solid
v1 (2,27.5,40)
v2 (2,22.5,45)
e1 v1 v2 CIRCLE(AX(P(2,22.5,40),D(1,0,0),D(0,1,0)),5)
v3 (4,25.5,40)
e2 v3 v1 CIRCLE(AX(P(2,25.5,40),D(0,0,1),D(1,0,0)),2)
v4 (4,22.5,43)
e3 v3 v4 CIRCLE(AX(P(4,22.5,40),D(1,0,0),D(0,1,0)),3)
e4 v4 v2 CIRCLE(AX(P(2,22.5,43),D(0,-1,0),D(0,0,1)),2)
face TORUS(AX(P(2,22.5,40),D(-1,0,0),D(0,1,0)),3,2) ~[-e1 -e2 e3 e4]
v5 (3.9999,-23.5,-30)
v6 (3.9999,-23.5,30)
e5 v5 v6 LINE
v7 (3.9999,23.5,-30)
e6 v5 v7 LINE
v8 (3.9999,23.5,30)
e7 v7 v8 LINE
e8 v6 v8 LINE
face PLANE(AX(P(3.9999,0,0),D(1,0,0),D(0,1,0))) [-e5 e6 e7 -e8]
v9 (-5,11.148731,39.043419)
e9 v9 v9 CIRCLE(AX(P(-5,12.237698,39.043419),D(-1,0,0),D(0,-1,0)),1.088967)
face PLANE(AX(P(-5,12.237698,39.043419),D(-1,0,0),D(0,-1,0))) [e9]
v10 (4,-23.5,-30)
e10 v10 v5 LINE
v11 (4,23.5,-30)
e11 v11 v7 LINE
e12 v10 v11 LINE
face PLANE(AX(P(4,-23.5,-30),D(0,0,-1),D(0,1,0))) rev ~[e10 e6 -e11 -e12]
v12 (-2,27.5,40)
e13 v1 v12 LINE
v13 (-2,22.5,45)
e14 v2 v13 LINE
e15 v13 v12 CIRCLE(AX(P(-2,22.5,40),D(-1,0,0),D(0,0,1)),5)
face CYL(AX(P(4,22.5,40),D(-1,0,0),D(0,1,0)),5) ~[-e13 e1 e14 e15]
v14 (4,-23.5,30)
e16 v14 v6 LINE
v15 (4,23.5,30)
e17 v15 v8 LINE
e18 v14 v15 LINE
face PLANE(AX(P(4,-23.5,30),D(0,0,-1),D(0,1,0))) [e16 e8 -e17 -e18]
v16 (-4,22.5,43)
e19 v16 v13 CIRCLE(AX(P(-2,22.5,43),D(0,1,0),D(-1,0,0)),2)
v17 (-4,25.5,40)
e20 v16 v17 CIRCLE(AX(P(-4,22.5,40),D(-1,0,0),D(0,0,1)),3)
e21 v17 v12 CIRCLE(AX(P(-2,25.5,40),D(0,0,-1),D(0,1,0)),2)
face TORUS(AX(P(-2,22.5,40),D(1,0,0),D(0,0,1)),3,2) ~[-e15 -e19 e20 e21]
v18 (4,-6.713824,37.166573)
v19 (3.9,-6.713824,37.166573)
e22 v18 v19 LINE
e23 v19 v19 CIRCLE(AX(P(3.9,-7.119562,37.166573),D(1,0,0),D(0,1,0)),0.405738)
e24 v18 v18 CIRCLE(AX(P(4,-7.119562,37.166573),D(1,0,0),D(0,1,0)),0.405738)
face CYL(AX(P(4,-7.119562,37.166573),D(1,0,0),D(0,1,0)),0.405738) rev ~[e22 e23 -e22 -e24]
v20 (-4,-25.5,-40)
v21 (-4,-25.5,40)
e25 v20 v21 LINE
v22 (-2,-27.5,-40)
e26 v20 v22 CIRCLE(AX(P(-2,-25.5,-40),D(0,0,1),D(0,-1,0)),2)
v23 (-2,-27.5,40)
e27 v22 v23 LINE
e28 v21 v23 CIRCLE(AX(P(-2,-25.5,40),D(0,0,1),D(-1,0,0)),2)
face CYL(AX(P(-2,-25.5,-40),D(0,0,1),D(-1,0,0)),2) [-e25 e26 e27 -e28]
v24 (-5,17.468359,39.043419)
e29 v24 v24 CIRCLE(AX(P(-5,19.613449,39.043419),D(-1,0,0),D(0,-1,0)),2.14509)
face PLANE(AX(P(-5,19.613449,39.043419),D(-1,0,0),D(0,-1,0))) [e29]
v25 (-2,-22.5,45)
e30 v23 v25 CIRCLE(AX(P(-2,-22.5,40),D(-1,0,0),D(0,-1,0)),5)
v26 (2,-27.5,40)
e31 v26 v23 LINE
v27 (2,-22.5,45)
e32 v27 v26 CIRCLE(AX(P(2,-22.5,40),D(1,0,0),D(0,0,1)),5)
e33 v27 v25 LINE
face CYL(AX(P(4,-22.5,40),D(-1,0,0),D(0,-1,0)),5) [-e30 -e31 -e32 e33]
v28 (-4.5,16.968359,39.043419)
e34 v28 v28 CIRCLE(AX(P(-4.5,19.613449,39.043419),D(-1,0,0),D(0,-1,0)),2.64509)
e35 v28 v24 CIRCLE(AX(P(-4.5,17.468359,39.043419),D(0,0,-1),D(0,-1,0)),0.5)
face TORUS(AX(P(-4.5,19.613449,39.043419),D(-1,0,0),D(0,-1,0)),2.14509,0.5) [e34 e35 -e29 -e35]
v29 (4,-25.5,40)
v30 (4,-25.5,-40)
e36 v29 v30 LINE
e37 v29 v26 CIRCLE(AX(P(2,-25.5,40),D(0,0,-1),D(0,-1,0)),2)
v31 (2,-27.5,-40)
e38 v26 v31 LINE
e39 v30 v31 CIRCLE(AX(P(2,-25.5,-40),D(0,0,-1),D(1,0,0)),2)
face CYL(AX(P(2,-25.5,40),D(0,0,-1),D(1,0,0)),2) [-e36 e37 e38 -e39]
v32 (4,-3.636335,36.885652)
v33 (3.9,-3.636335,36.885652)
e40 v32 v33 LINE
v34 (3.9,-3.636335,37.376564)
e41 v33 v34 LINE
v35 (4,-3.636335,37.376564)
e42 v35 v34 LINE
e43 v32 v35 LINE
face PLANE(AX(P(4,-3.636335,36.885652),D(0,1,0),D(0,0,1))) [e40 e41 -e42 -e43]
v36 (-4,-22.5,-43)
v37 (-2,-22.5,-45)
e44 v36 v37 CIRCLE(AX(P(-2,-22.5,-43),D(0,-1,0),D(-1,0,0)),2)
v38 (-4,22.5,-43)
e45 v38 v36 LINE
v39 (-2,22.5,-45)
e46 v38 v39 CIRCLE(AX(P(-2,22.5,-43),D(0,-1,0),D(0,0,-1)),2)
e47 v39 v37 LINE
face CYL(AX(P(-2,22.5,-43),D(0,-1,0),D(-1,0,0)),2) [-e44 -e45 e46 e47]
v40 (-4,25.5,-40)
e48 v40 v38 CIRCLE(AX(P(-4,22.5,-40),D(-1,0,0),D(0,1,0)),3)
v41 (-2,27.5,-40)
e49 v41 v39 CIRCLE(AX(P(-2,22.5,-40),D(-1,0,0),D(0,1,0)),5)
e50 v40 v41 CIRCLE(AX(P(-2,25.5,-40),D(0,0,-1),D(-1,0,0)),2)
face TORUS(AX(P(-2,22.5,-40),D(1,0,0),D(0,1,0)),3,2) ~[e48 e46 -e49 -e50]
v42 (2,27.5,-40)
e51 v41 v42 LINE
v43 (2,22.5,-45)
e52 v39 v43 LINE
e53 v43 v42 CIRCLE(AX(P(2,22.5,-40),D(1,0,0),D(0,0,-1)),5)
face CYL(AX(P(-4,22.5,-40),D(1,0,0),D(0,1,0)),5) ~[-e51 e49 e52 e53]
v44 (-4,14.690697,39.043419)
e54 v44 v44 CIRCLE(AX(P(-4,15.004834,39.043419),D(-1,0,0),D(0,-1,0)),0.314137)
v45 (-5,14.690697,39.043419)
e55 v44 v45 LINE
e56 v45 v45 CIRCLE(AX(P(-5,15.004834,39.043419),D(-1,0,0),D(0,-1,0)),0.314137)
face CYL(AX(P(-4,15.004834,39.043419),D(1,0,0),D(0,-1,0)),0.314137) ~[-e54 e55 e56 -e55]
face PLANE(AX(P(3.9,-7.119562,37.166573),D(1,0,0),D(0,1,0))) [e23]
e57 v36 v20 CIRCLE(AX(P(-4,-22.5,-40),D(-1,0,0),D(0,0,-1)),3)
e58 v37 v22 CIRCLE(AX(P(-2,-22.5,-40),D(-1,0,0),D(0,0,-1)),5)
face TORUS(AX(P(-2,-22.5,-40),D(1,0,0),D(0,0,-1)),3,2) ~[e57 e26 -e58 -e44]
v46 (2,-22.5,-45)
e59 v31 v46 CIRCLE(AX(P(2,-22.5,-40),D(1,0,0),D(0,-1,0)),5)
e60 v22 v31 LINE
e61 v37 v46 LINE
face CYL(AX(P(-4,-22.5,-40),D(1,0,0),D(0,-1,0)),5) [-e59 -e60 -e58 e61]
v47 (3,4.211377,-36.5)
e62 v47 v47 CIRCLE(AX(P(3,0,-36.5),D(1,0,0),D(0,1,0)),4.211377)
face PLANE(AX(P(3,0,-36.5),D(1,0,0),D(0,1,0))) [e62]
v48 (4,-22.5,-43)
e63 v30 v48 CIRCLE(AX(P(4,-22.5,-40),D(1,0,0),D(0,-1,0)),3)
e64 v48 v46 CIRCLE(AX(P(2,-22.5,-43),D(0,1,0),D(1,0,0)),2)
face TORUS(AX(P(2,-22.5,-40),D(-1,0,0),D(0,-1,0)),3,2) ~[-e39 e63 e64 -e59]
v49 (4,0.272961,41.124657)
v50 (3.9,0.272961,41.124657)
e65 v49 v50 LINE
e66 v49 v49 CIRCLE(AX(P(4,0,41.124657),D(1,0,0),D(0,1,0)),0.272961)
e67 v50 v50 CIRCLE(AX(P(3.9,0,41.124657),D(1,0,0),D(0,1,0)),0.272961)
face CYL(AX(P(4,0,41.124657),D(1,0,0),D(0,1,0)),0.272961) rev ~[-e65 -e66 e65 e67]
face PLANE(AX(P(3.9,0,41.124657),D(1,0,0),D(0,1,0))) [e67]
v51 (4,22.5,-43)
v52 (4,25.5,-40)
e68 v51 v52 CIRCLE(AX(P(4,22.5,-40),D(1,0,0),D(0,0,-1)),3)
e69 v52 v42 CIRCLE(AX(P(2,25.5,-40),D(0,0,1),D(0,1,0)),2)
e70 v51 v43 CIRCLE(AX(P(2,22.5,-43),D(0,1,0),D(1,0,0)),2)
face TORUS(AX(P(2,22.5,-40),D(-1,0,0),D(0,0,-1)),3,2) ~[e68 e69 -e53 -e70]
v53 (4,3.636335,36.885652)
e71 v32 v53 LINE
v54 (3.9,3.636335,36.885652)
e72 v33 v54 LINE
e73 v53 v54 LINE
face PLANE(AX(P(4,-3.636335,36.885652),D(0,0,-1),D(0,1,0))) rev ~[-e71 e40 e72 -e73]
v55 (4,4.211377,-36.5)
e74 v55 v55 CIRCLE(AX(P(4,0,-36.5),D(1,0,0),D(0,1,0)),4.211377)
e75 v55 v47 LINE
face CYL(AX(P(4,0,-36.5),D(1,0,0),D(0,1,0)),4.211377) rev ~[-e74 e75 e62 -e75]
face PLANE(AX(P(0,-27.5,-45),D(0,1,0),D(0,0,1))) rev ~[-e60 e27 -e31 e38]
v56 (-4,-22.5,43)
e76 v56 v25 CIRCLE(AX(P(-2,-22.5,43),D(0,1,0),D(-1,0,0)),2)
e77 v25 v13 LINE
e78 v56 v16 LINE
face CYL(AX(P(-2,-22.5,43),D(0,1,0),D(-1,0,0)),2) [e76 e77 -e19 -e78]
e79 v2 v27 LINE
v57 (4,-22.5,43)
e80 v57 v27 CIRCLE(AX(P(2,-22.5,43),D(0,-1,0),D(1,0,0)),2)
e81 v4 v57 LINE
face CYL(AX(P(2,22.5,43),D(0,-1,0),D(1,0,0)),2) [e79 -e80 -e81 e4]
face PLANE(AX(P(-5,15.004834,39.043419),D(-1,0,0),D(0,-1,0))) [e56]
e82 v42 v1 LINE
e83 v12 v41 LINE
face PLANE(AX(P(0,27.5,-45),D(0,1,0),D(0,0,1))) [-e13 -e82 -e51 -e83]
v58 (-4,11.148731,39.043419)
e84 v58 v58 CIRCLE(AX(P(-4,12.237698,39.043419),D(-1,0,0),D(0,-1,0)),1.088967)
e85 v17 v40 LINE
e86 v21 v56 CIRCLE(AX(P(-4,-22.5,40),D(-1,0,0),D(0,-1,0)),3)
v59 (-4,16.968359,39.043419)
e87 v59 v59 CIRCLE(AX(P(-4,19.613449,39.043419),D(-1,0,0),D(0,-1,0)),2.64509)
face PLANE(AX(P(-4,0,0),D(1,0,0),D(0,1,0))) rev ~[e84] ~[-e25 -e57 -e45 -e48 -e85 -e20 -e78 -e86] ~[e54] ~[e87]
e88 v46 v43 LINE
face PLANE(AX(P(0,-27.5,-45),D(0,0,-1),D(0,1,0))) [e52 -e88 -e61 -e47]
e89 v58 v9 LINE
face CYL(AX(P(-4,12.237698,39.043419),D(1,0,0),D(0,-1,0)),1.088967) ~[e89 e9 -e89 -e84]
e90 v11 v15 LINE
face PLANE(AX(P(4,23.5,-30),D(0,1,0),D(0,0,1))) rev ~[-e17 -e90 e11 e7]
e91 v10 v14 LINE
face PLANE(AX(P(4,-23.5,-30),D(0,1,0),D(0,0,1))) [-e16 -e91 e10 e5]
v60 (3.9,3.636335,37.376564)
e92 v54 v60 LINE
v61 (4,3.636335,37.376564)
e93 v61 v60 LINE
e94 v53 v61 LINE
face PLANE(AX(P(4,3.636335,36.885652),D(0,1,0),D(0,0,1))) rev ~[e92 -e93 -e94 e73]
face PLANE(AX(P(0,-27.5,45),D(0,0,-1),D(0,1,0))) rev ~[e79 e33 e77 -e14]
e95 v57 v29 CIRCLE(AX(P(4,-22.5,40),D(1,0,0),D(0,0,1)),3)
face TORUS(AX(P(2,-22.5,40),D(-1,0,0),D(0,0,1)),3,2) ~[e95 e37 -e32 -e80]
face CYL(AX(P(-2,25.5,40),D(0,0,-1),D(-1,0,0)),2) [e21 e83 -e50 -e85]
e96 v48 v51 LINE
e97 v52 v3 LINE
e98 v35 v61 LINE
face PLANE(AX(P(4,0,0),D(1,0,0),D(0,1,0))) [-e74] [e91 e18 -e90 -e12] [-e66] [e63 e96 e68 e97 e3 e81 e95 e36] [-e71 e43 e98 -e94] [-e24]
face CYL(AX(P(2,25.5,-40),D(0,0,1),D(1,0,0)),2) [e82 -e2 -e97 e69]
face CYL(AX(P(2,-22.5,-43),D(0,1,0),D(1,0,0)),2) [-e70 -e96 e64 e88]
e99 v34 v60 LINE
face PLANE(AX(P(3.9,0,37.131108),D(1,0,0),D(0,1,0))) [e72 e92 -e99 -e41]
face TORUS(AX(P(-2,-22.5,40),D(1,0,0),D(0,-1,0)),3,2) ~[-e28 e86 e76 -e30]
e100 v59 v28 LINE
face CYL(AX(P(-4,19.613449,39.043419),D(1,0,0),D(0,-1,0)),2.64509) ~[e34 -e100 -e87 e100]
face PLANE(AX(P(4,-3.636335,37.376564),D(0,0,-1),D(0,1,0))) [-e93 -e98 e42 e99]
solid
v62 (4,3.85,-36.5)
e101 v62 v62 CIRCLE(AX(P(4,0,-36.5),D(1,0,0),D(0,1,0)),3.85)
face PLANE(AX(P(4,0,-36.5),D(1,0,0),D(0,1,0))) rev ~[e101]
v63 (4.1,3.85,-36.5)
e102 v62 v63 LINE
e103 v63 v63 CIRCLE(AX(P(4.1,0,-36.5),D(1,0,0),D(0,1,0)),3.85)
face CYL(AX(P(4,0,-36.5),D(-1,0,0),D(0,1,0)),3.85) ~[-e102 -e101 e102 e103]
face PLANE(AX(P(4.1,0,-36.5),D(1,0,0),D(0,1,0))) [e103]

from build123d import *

# Parameters (mm, degrees)
F0_W      = 55
F0_H      = 90
F1_DEPTH  = 4
F2_R      = 5
F3_R      = 2
F4_R      = 4.211377
F5_DEPTH  = 1
F6_R      = 3.85
F7_DEPTH  = 0.1
F8_W      = 7.27267
F8_H      = 0.490911
F9_DEPTH  = 0.1
F10_R     = 0.405738
F11_DEPTH = 0.1
F12_R     = 0.272961
F13_DEPTH = 0.1
F4_W      = 47
F4_H      = 60
F14_DEPTH = 0.0001
F16_R     = 2.64509
F16_R_2   = 0.314137
F16_R_3   = 1.088967
F17_DEPTH = 1
F18_R     = 0.5


with BuildPart() as f1:
    # F0 (on Right) → F1 (new body, symmetric)
    with BuildSketch(Plane.YZ):
        Rectangle(F0_W, F0_H)
    extrude(amount=F1_DEPTH, both=True)

    # F2
    f2_edges = [f1.edges().sort_by_distance(p)[0] for p in [
        (0, -27.5, 45),
        (0, -27.5, -45),
        (0, 27.5, 45),
        (0, 27.5, -45),
    ]]
    fillet(f2_edges, radius=F2_R)

    # F3
    f3_edges = [f1.edges().sort_by_distance(p)[0] for p in [
        (4, 0, -45),
        (-4, 0, 45),
    ]]
    fillet(f3_edges, radius=F3_R)

    # F4 (on face) → F5 (cut)
    with BuildSketch(Plane.YZ.offset(4)):
        with Locations((0, -36.5)):
            Circle(F4_R)
    extrude(amount=-F5_DEPTH, mode=Mode.SUBTRACT)

    # F8 (on face) → F9 (cut)
    with BuildSketch(Plane.YZ.offset(4)):
        with Locations((0, 37.131108)):
            Rectangle(F8_W, F8_H)
    extrude(amount=-F9_DEPTH, mode=Mode.SUBTRACT)

    # F10 (on face) → F11 (cut)
    with BuildSketch(Plane.YZ.offset(4)):
        with Locations((-7.119562, 37.166573)):
            Circle(F10_R)
    extrude(amount=-F11_DEPTH, mode=Mode.SUBTRACT)

    # F12 (on face) → F13 (cut)
    with BuildSketch(Plane.YZ.offset(4)):
        with Locations((0, 41.124657)):
            Circle(F12_R)
    extrude(amount=-F13_DEPTH, mode=Mode.SUBTRACT)

    # F4 (on face) → F14 (cut)
    with BuildSketch(Plane.YZ.offset(4)):
        Rectangle(F4_W, F4_H)
    extrude(amount=-F14_DEPTH, mode=Mode.SUBTRACT)

    # F16 (on face) → F17 (join)
    with BuildSketch(Plane(origin=(-4, 0, 0), x_dir=(0, -1, 0), z_dir=(-1, 0, 0))):
        with Locations((-19.613449, 39.043419)):
            Circle(F16_R)
        with Locations((-15.004834, 39.043419)):
            Circle(F16_R_2)
        with Locations((-12.237698, 39.043419)):
            Circle(F16_R_3)
    extrude(amount=F17_DEPTH)

    # F18
    f18_edges = [f1.edges().sort_by_distance(p)[0] for p in [
        (-5, 22.258539, 39.043419),
    ]]
    fillet(f18_edges, radius=F18_R)


with BuildPart() as f7:
    # F6 (on face) → F7 (new body)
    with BuildSketch(Plane.YZ.offset(4)):
        with Locations((0, -36.5)):
            Circle(F6_R)
    extrude(amount=F7_DEPTH)


solid = Compound([f1.part, f7.part])
